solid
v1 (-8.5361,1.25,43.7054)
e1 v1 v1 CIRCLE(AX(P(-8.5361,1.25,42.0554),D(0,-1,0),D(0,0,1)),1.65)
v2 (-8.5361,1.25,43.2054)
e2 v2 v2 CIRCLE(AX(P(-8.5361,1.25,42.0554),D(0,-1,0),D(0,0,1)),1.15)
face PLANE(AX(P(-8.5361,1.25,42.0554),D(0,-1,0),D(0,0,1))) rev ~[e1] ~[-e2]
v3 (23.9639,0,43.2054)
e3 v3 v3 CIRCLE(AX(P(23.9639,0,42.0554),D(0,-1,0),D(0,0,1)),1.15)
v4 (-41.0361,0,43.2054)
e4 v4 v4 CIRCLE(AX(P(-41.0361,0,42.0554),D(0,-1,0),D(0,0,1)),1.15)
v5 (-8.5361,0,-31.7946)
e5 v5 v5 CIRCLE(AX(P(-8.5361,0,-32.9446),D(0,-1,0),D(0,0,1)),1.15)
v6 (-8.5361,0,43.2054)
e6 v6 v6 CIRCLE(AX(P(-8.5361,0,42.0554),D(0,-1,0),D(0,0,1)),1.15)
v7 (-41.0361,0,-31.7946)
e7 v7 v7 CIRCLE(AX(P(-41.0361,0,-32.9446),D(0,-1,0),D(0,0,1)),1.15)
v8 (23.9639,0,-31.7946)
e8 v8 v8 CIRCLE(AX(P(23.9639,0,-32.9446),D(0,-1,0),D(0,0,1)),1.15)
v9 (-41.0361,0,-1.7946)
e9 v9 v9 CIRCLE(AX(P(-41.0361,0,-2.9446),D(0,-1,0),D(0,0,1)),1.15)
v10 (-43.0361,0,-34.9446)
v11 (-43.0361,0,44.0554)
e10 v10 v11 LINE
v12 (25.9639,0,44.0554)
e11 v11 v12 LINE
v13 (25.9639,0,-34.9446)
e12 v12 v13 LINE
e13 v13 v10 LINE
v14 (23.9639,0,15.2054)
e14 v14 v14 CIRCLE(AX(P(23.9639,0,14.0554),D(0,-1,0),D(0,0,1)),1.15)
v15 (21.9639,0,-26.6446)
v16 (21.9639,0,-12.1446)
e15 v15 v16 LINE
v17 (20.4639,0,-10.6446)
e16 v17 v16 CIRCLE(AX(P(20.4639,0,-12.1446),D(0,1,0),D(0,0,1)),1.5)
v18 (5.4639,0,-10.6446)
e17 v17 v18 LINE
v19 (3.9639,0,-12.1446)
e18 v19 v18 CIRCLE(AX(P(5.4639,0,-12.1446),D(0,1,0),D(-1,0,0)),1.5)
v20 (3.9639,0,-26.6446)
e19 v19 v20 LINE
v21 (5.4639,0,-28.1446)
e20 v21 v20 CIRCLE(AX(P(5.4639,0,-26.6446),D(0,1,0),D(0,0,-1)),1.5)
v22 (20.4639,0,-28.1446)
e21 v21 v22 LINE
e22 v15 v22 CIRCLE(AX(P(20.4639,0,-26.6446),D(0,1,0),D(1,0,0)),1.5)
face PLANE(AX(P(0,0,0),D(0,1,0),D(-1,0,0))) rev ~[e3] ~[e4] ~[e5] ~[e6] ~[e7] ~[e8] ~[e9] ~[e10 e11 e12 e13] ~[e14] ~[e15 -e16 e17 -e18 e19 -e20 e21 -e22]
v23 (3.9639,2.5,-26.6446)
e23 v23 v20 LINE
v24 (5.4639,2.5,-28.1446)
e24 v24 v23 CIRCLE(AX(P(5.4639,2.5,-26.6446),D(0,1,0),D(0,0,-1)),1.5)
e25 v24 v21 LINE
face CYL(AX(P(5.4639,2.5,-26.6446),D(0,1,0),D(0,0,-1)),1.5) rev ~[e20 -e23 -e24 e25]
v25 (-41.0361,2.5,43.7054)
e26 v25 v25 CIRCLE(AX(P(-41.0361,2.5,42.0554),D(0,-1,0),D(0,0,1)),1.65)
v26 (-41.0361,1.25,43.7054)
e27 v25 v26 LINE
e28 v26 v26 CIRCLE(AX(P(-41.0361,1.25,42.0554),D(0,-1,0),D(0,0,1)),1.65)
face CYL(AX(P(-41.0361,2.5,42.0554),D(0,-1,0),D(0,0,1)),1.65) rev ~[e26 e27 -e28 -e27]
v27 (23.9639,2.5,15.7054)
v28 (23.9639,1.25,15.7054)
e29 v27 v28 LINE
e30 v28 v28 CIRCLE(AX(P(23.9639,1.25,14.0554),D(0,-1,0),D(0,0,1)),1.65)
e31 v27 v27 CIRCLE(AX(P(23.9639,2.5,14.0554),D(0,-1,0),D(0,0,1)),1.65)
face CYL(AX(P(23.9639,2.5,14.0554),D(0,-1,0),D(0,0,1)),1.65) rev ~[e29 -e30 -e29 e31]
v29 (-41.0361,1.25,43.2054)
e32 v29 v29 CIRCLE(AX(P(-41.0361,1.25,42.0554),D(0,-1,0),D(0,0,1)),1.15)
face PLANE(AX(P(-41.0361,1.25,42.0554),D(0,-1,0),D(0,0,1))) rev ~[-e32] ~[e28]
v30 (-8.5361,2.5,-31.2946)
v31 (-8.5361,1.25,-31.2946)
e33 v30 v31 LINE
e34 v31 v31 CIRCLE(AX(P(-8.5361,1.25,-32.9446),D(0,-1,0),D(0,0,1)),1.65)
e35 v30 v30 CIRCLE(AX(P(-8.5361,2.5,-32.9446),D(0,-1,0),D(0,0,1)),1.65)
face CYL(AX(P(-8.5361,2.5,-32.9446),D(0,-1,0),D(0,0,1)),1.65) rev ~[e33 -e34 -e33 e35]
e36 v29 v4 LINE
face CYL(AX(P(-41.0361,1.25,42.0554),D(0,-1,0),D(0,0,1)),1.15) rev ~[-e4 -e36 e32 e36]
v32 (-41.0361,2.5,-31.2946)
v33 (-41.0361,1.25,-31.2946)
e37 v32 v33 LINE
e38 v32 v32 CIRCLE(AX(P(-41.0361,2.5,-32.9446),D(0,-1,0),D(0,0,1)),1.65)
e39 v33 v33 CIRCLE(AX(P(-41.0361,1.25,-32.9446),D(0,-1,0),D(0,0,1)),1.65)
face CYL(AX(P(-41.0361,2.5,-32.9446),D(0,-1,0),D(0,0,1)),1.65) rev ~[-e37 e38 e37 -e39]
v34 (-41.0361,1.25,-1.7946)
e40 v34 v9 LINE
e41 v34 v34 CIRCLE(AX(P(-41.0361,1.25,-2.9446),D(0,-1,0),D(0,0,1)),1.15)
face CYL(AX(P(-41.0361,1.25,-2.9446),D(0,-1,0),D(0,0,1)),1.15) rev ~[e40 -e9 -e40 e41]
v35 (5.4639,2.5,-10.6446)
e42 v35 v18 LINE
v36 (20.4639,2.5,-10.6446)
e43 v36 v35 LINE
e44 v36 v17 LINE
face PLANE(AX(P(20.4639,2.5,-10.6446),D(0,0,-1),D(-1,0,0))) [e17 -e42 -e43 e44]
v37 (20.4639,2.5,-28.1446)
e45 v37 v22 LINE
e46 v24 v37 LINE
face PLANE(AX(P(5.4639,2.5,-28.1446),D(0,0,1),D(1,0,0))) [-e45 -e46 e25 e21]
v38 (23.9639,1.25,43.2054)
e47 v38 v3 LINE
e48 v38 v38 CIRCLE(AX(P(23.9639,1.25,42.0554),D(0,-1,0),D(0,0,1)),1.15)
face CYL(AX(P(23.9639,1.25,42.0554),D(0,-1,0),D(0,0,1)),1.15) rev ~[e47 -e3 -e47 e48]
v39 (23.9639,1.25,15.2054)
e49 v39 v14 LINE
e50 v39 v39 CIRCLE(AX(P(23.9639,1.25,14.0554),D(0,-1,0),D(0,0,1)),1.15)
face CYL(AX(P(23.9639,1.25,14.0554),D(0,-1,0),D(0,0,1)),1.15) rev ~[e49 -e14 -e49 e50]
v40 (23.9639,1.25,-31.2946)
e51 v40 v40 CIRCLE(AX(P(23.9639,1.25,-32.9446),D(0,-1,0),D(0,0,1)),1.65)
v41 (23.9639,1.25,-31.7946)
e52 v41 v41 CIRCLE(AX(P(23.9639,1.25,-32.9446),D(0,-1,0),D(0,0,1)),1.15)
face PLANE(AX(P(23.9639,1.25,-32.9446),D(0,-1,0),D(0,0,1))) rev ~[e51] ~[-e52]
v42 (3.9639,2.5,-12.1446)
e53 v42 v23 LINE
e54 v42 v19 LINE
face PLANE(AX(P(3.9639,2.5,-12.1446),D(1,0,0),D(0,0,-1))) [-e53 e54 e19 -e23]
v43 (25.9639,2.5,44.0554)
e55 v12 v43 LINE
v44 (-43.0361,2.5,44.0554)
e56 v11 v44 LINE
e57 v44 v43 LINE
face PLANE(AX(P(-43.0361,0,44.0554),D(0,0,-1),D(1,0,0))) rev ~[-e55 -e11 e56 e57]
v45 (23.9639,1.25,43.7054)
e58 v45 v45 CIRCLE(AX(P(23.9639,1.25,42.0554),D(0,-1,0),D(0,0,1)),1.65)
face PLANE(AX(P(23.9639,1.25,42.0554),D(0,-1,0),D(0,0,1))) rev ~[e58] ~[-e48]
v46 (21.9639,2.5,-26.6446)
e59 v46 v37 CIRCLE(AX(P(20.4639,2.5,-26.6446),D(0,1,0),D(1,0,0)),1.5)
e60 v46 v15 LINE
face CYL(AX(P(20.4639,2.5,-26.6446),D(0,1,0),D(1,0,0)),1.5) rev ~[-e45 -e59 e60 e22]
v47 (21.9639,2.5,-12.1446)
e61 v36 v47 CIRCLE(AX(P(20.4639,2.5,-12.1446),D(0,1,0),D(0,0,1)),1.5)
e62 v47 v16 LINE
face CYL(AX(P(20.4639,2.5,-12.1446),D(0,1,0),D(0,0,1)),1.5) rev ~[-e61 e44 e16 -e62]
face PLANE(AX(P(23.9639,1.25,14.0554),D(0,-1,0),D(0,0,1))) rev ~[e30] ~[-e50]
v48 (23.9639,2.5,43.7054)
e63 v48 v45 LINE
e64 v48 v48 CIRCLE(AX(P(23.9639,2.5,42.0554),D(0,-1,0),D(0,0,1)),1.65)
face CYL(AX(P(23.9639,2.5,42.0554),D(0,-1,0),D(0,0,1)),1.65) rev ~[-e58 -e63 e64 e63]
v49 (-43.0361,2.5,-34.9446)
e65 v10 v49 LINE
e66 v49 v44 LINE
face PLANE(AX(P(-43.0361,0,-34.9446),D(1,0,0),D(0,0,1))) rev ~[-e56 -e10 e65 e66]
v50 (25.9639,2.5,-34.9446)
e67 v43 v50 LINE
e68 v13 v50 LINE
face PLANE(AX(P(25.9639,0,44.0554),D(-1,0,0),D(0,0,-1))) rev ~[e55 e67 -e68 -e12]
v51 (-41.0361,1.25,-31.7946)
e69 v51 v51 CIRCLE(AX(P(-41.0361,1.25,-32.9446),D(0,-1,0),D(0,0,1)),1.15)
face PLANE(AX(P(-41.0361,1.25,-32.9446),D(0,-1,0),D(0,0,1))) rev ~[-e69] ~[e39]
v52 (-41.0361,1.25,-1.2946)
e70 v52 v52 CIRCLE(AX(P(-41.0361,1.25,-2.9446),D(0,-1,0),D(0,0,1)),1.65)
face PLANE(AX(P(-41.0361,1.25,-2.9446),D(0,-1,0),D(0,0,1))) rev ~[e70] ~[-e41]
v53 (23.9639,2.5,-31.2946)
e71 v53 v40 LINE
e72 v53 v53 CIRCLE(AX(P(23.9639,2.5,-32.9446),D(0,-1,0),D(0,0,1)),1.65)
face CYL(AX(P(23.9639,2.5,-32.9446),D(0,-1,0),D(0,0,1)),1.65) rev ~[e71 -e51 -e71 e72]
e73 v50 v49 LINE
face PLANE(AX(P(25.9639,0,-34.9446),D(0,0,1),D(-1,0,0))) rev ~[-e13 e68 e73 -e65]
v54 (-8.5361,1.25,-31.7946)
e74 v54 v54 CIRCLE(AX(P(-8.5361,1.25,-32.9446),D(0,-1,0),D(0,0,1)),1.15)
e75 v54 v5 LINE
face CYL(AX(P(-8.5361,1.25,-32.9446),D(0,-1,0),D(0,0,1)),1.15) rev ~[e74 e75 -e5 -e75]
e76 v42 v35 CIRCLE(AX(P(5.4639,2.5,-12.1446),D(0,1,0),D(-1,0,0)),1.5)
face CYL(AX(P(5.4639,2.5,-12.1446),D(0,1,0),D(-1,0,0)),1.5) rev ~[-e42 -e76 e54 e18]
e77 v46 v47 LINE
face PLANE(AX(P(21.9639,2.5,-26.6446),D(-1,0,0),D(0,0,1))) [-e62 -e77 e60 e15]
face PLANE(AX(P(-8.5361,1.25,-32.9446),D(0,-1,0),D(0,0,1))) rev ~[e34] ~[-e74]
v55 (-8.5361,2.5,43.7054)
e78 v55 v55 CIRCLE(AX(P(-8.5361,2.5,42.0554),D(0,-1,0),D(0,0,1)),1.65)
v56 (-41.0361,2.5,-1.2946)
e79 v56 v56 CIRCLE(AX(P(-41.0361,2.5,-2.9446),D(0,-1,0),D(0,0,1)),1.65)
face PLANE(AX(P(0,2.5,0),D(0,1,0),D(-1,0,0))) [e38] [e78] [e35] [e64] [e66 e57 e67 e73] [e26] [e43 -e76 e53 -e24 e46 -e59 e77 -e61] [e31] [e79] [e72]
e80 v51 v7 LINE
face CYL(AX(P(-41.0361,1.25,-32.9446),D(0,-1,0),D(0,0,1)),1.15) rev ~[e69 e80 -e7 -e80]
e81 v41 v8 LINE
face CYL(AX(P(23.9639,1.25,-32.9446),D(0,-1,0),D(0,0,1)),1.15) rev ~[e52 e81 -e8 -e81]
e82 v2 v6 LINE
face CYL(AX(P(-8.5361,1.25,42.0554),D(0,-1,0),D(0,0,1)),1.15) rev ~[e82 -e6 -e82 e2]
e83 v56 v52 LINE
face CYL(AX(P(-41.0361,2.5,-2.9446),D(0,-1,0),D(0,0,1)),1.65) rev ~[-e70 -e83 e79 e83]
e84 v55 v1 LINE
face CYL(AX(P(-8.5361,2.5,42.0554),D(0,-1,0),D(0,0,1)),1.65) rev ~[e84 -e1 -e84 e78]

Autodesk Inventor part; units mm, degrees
ref_plane "YZ Plane" through (0, 0, 0) normal (1, 0, 0) x (0, 1, 0)
ref_plane "XZ Plane" through (0, 0, 0) normal (0, 1, 0) x (-1, 0, 0)
ref_plane "XY Plane" through (0, 0, 0) normal (0, 0, 1) x (1, 0, 0)
sketch "Sketch1" plane through (0, 0, 0) normal (0, 1, 0) x (-1, 0, 0)
  line L0 (43.0361, 44.0554) -> (-25.9639, 44.0554)
  line L1 (-25.9639, 44.0554) -> (-25.9639, -34.9446)
  line L2 (-25.9639, -34.9446) -> (43.0361, -34.9446)
  line L3 (43.0361, -34.9446) -> (43.0361, 44.0554)
  point P0 (0, 0)
  dimension "d0" = 69
  dimension "d1" = 79
extrude "Extrusion1" add sketch "Sketch1" along normal blind 2.5
sketch "Sketch2" plane through (0, 2.5, 0) normal (0, 1, 0) x (1, 0, 0)
  circle A0 centre (23.9639, -42.0554) radius 1.2843
  line L0 (25.9639, -44.0554) -> (25.9639, 34.9446) projected
  line L1 (-43.0361, -44.0554) -> (25.9639, -44.0554) projected
  circle A1 centre (-41.0361, 2.9446) radius 1.3818
  circle A2 centre (23.9639, -14.0554) radius 1.5724
  line L2 (-43.0361, 34.9446) -> (-43.0361, -44.0554) projected
  line L3 (25.9639, 34.9446) -> (-43.0361, 34.9446) projected
  circle A3 centre (-8.5361, 32.9446) radius 1.5869
  circle A4 centre (-8.5361, -42.0554) radius 2.0414
  point P0 (0, 0)
  dimension "d4" = 2
  dimension "d5" = 2
  dimension "d26" = 2
  dimension "d27" = 2
  dimension "d28" = 32
  dimension "d29" = 30
  dimension "d37" = 2
  dimension "d38" = 2
  dimension "d39" = 34.5
  dimension "d40" = 34.5
hole "Hole1" at (23.9639, 2.5, 42.0554) direction (0, -1, 0) diameter 2.3 end through all counterbore diameter 3.3 counterbore depth 1.25
pattern_linear "Rectangular Pattern1" count 2 spacing 65 along (-1, 0, 0) count 2 spacing 75 along (0, 0, -1) of "Hole1"
sketch "Sketch3" plane through (0, 2.5, 0) normal (0, 1, 0) x (1, 0, 0)
  line L0 (5.4639, 28.1446) -> (20.4639, 28.1446)
  line L1 (21.9639, 26.6446) -> (21.9639, 12.1446)
  line L2 (20.4639, 10.6446) -> (5.4639, 10.6446)
  line L3 (3.9639, 12.1446) -> (3.9639, 26.6446)
  line L4 (-43.0361, -44.0554) -> (25.9639, -44.0554) projected
  line L5 (25.9639, -44.0554) -> (25.9639, 34.9446) projected
  arc A0 (5.4639, 28.1446) -> (3.9639, 26.6446) centre (5.4639, 26.6446) ccw
  arc A1 (21.9639, 26.6446) -> (20.4639, 28.1446) centre (20.4639, 26.6446) ccw
  arc A2 (20.4639, 10.6446) -> (21.9639, 12.1446) centre (20.4639, 12.1446) ccw
  arc A3 (3.9639, 12.1446) -> (5.4639, 10.6446) centre (5.4639, 12.1446) ccw
  point P0 (0, 0)
  point P1 (3.9639, 28.1446)
  point P2 (21.9639, 10.6446)
  point P3 (21.9639, 28.1446)
  point P4 (3.9639, 10.6446)
  dimension "d19" = 54.7
  dimension "d20" = 4
  dimension "d21" = 18
  dimension "d22" = 17.5
  dimension "d25" = 1.5
extrude "Extrusion2" cut sketch "Sketch3" against normal blind 2.5
hole "Hole2" at (-41.0361, 2.5, -2.9446) at (23.9639, 2.5, 14.0554) direction (0, -1, 0) diameter 2.3 end through all counterbore diameter 3.3 counterbore depth 1.25
hole "Hole3" at (-8.5361, 2.5, -32.9446) at (-8.5361, 2.5, 42.0554) direction (0, -1, 0) diameter 2.3 end through all counterbore diameter 3.3 counterbore depth 1.25
properties part number "Lid"
